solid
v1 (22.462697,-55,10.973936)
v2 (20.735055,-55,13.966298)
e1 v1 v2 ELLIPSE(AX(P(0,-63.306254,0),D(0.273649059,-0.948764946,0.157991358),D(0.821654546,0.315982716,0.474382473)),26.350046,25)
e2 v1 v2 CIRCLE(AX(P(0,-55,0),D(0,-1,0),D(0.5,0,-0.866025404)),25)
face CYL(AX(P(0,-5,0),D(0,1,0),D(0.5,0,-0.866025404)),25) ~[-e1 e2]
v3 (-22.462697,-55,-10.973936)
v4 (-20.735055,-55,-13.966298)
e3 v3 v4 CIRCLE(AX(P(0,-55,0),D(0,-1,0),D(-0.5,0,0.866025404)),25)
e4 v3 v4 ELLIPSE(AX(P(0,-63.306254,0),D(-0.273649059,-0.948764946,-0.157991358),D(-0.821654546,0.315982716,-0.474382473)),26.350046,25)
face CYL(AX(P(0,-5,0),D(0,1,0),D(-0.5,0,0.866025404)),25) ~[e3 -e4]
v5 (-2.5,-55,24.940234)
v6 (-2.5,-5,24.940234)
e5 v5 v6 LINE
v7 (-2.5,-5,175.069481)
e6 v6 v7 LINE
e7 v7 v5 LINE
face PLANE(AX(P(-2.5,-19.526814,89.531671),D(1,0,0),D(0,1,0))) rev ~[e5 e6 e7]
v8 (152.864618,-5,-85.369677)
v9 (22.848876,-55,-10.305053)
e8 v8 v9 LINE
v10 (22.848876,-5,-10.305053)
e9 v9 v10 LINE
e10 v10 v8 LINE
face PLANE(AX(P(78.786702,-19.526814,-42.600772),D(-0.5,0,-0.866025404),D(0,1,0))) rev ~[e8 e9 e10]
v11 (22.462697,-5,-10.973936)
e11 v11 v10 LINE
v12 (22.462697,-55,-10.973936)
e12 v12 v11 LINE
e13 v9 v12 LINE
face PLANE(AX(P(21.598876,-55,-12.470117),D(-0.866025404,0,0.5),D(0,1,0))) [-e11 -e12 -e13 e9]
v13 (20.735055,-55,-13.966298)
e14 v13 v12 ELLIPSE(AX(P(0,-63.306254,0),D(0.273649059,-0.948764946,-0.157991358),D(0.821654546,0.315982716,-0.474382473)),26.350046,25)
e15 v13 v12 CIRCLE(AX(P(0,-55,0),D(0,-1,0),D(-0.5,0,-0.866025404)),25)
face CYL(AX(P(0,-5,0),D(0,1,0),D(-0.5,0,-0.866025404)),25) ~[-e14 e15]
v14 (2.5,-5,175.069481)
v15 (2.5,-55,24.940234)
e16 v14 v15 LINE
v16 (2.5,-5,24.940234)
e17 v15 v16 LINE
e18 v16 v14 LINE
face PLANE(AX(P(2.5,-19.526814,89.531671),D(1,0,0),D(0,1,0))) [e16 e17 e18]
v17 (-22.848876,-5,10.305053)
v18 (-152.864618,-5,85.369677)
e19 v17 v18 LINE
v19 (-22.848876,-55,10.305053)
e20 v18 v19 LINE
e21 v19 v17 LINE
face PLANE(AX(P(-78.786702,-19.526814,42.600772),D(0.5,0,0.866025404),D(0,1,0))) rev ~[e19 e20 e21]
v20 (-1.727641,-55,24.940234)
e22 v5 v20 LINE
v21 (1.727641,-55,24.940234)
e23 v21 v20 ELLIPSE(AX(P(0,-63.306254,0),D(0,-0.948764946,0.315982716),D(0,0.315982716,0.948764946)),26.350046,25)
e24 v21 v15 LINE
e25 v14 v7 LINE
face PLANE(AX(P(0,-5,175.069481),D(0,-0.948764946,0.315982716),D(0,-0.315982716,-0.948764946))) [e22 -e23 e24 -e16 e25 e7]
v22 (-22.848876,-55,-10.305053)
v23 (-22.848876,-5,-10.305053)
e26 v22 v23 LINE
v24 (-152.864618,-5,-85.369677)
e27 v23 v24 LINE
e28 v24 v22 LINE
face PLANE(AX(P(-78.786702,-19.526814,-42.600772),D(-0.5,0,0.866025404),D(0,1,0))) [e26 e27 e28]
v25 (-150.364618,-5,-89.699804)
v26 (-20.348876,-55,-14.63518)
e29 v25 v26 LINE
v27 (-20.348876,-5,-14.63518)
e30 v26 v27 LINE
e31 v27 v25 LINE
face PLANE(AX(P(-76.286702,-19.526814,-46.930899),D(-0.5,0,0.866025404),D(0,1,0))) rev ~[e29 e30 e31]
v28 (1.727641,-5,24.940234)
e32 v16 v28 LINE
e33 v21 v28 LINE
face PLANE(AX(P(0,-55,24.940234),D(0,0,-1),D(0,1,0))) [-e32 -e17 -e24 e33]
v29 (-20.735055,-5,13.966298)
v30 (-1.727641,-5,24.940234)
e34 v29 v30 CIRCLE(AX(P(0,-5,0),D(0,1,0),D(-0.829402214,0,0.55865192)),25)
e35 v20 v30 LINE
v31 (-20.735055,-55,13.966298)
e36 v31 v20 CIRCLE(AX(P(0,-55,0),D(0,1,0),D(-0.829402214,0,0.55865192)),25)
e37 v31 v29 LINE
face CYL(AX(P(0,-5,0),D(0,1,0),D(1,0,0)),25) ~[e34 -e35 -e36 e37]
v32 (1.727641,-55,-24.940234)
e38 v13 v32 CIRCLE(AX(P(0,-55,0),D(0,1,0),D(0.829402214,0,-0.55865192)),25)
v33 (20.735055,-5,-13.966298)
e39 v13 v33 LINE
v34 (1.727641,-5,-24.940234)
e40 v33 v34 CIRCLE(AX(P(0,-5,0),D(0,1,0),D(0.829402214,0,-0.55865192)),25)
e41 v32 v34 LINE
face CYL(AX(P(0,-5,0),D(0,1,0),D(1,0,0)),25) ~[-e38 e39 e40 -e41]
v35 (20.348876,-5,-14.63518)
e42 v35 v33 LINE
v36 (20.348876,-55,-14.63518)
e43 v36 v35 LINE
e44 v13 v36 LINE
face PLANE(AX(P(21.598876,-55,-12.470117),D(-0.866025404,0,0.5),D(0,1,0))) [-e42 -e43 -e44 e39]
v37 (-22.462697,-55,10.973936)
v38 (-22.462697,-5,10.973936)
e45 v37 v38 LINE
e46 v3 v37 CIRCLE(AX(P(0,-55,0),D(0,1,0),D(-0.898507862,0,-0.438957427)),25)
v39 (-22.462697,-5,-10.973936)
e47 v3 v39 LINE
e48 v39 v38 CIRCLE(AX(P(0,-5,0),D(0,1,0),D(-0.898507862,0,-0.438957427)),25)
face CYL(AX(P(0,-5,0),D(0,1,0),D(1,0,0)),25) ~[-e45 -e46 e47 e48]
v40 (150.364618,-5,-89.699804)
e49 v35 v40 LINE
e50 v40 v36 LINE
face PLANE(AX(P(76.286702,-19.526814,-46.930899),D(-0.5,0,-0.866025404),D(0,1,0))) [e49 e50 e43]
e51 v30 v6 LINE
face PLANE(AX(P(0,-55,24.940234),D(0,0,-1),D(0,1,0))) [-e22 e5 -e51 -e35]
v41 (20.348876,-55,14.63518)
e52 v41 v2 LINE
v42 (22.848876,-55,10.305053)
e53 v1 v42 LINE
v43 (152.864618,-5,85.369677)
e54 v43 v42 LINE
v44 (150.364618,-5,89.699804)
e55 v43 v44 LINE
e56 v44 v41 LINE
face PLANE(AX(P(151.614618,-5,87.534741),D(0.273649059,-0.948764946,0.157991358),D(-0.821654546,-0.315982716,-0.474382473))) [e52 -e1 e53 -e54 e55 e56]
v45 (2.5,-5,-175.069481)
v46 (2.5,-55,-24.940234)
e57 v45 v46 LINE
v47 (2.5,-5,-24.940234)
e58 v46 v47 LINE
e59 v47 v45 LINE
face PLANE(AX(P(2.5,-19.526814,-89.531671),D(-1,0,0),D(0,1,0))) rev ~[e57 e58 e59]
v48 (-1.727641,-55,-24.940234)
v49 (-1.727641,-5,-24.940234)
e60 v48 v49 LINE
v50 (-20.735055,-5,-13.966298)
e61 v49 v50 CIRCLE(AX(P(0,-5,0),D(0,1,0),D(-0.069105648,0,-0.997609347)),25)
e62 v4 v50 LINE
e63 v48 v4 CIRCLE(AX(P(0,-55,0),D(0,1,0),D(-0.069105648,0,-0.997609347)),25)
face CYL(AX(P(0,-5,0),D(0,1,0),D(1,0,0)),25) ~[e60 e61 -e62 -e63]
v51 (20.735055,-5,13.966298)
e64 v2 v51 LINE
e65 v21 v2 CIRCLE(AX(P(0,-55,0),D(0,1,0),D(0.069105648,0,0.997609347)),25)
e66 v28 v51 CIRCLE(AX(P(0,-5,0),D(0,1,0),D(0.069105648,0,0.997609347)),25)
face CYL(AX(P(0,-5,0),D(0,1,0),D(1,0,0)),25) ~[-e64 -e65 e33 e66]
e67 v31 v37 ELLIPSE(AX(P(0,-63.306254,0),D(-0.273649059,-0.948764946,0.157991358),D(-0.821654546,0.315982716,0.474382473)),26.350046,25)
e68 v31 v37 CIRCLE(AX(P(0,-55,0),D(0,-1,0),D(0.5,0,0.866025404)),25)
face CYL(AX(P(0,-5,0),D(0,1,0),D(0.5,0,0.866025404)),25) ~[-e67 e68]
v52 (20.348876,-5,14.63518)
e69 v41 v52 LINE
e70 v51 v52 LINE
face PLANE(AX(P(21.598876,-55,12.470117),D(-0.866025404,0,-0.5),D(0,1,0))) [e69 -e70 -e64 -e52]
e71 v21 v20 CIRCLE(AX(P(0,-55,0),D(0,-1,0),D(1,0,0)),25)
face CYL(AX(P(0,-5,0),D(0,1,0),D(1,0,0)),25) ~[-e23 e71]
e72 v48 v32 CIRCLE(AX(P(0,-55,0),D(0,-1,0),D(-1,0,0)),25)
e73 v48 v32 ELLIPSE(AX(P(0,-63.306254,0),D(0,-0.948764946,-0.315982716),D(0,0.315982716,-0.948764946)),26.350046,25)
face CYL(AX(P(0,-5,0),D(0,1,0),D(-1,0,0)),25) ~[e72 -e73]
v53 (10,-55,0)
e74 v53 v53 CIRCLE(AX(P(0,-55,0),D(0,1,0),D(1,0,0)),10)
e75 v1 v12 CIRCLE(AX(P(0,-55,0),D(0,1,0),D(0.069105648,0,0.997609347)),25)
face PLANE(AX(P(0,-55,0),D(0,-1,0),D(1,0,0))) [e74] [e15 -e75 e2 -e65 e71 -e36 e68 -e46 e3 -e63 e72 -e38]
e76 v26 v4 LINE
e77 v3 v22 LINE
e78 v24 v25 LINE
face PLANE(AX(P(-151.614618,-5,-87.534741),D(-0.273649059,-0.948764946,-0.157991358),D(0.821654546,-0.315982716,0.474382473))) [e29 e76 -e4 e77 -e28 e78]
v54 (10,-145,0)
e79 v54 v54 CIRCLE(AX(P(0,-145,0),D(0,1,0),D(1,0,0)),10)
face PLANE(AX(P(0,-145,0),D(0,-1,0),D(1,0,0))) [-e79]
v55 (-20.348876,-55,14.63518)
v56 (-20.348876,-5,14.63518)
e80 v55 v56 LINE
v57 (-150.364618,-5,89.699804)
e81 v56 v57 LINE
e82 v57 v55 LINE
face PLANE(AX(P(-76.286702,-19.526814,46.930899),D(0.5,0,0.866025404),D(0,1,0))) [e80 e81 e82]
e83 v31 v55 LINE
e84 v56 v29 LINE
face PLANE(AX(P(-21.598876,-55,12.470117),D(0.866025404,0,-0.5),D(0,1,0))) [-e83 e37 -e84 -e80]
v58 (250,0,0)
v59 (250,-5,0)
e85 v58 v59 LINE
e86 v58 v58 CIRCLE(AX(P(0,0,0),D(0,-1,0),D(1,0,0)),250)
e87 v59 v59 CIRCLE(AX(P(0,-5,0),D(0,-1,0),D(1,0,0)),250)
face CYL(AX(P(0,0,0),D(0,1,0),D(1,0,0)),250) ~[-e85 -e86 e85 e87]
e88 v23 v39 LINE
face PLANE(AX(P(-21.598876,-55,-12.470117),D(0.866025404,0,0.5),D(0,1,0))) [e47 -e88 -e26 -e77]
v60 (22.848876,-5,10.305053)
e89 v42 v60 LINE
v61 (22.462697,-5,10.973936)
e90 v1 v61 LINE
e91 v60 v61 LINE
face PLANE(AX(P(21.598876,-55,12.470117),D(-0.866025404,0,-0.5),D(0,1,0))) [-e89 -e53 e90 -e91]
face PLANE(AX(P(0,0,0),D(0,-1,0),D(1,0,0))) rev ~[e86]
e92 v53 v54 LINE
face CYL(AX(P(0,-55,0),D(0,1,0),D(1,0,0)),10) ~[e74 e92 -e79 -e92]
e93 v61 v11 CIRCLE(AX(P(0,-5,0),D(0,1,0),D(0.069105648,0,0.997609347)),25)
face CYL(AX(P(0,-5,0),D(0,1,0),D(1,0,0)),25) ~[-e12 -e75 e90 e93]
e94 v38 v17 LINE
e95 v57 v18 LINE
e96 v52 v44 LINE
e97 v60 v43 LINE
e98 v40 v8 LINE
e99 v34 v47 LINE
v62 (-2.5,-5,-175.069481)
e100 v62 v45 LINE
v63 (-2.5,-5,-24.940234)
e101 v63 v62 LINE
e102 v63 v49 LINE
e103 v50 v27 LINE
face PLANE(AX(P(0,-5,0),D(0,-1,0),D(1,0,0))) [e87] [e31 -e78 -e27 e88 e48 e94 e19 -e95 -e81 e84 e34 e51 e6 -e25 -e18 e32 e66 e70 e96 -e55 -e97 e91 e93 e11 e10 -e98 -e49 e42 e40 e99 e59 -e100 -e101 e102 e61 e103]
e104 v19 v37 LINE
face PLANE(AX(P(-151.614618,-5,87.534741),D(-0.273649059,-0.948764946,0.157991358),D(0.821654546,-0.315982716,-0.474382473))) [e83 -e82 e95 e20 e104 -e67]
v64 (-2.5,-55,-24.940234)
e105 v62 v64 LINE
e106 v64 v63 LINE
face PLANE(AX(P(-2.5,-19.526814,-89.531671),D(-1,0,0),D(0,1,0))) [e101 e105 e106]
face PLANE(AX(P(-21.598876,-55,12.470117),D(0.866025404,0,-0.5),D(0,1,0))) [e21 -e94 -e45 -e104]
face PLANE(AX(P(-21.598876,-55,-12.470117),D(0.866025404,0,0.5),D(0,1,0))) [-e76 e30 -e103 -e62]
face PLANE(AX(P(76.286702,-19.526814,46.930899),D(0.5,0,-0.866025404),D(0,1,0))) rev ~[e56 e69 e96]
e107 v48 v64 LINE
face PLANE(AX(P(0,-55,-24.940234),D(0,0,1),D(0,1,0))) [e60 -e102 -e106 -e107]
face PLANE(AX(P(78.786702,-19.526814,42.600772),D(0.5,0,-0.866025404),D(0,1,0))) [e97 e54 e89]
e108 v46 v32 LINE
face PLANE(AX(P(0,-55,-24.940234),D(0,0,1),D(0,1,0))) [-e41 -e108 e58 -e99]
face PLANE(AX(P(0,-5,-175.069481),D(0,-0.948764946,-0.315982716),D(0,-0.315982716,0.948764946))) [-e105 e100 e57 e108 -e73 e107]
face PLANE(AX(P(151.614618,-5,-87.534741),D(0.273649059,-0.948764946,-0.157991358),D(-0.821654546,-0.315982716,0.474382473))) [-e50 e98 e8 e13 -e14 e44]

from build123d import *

# Parameters (mm, degrees)
F0_R     = 250
F1_DEPTH = 5
F2_R     = 25
F3_DEPTH = 50
F4_R     = 10
F5_DEPTH = 90
F7_DEPTH = 2.5
F8_COUNT = 6


with BuildPart() as f1:
    # F0 (on Front) → F1 (new body)
    with BuildSketch(Plane.XZ):
        Circle(F0_R)
    extrude(amount=F1_DEPTH)

    # F2 (on face) → F3 (join)
    with BuildSketch(Plane.XZ.offset(5)):
        Circle(F2_R)
    extrude(amount=F3_DEPTH)

    # F4 (on face) → F5 (join)
    with BuildSketch(Plane.XZ.offset(55)):
        Circle(F4_R)
    extrude(amount=F5_DEPTH)

    # F6 (on Right) → F7 (join, symmetric)
    with BuildSketch(Plane.YZ):
        Polygon((-5, 175.0694811344), (-55, 24.9402336776), (-5, 24.9402336776), align=None)
    extrude(amount=F7_DEPTH, both=True)

    # F8: F1 ×6 about axis
    f8_axis = Axis((0, -55, 0), (0, -1, 0))


with BuildPart() as f1_1:
    add(f1.part)
    for i in range(1, F8_COUNT):
        add(f1.part.rotate(f8_axis, i * 360 / F8_COUNT))


solid = f1_1.part
